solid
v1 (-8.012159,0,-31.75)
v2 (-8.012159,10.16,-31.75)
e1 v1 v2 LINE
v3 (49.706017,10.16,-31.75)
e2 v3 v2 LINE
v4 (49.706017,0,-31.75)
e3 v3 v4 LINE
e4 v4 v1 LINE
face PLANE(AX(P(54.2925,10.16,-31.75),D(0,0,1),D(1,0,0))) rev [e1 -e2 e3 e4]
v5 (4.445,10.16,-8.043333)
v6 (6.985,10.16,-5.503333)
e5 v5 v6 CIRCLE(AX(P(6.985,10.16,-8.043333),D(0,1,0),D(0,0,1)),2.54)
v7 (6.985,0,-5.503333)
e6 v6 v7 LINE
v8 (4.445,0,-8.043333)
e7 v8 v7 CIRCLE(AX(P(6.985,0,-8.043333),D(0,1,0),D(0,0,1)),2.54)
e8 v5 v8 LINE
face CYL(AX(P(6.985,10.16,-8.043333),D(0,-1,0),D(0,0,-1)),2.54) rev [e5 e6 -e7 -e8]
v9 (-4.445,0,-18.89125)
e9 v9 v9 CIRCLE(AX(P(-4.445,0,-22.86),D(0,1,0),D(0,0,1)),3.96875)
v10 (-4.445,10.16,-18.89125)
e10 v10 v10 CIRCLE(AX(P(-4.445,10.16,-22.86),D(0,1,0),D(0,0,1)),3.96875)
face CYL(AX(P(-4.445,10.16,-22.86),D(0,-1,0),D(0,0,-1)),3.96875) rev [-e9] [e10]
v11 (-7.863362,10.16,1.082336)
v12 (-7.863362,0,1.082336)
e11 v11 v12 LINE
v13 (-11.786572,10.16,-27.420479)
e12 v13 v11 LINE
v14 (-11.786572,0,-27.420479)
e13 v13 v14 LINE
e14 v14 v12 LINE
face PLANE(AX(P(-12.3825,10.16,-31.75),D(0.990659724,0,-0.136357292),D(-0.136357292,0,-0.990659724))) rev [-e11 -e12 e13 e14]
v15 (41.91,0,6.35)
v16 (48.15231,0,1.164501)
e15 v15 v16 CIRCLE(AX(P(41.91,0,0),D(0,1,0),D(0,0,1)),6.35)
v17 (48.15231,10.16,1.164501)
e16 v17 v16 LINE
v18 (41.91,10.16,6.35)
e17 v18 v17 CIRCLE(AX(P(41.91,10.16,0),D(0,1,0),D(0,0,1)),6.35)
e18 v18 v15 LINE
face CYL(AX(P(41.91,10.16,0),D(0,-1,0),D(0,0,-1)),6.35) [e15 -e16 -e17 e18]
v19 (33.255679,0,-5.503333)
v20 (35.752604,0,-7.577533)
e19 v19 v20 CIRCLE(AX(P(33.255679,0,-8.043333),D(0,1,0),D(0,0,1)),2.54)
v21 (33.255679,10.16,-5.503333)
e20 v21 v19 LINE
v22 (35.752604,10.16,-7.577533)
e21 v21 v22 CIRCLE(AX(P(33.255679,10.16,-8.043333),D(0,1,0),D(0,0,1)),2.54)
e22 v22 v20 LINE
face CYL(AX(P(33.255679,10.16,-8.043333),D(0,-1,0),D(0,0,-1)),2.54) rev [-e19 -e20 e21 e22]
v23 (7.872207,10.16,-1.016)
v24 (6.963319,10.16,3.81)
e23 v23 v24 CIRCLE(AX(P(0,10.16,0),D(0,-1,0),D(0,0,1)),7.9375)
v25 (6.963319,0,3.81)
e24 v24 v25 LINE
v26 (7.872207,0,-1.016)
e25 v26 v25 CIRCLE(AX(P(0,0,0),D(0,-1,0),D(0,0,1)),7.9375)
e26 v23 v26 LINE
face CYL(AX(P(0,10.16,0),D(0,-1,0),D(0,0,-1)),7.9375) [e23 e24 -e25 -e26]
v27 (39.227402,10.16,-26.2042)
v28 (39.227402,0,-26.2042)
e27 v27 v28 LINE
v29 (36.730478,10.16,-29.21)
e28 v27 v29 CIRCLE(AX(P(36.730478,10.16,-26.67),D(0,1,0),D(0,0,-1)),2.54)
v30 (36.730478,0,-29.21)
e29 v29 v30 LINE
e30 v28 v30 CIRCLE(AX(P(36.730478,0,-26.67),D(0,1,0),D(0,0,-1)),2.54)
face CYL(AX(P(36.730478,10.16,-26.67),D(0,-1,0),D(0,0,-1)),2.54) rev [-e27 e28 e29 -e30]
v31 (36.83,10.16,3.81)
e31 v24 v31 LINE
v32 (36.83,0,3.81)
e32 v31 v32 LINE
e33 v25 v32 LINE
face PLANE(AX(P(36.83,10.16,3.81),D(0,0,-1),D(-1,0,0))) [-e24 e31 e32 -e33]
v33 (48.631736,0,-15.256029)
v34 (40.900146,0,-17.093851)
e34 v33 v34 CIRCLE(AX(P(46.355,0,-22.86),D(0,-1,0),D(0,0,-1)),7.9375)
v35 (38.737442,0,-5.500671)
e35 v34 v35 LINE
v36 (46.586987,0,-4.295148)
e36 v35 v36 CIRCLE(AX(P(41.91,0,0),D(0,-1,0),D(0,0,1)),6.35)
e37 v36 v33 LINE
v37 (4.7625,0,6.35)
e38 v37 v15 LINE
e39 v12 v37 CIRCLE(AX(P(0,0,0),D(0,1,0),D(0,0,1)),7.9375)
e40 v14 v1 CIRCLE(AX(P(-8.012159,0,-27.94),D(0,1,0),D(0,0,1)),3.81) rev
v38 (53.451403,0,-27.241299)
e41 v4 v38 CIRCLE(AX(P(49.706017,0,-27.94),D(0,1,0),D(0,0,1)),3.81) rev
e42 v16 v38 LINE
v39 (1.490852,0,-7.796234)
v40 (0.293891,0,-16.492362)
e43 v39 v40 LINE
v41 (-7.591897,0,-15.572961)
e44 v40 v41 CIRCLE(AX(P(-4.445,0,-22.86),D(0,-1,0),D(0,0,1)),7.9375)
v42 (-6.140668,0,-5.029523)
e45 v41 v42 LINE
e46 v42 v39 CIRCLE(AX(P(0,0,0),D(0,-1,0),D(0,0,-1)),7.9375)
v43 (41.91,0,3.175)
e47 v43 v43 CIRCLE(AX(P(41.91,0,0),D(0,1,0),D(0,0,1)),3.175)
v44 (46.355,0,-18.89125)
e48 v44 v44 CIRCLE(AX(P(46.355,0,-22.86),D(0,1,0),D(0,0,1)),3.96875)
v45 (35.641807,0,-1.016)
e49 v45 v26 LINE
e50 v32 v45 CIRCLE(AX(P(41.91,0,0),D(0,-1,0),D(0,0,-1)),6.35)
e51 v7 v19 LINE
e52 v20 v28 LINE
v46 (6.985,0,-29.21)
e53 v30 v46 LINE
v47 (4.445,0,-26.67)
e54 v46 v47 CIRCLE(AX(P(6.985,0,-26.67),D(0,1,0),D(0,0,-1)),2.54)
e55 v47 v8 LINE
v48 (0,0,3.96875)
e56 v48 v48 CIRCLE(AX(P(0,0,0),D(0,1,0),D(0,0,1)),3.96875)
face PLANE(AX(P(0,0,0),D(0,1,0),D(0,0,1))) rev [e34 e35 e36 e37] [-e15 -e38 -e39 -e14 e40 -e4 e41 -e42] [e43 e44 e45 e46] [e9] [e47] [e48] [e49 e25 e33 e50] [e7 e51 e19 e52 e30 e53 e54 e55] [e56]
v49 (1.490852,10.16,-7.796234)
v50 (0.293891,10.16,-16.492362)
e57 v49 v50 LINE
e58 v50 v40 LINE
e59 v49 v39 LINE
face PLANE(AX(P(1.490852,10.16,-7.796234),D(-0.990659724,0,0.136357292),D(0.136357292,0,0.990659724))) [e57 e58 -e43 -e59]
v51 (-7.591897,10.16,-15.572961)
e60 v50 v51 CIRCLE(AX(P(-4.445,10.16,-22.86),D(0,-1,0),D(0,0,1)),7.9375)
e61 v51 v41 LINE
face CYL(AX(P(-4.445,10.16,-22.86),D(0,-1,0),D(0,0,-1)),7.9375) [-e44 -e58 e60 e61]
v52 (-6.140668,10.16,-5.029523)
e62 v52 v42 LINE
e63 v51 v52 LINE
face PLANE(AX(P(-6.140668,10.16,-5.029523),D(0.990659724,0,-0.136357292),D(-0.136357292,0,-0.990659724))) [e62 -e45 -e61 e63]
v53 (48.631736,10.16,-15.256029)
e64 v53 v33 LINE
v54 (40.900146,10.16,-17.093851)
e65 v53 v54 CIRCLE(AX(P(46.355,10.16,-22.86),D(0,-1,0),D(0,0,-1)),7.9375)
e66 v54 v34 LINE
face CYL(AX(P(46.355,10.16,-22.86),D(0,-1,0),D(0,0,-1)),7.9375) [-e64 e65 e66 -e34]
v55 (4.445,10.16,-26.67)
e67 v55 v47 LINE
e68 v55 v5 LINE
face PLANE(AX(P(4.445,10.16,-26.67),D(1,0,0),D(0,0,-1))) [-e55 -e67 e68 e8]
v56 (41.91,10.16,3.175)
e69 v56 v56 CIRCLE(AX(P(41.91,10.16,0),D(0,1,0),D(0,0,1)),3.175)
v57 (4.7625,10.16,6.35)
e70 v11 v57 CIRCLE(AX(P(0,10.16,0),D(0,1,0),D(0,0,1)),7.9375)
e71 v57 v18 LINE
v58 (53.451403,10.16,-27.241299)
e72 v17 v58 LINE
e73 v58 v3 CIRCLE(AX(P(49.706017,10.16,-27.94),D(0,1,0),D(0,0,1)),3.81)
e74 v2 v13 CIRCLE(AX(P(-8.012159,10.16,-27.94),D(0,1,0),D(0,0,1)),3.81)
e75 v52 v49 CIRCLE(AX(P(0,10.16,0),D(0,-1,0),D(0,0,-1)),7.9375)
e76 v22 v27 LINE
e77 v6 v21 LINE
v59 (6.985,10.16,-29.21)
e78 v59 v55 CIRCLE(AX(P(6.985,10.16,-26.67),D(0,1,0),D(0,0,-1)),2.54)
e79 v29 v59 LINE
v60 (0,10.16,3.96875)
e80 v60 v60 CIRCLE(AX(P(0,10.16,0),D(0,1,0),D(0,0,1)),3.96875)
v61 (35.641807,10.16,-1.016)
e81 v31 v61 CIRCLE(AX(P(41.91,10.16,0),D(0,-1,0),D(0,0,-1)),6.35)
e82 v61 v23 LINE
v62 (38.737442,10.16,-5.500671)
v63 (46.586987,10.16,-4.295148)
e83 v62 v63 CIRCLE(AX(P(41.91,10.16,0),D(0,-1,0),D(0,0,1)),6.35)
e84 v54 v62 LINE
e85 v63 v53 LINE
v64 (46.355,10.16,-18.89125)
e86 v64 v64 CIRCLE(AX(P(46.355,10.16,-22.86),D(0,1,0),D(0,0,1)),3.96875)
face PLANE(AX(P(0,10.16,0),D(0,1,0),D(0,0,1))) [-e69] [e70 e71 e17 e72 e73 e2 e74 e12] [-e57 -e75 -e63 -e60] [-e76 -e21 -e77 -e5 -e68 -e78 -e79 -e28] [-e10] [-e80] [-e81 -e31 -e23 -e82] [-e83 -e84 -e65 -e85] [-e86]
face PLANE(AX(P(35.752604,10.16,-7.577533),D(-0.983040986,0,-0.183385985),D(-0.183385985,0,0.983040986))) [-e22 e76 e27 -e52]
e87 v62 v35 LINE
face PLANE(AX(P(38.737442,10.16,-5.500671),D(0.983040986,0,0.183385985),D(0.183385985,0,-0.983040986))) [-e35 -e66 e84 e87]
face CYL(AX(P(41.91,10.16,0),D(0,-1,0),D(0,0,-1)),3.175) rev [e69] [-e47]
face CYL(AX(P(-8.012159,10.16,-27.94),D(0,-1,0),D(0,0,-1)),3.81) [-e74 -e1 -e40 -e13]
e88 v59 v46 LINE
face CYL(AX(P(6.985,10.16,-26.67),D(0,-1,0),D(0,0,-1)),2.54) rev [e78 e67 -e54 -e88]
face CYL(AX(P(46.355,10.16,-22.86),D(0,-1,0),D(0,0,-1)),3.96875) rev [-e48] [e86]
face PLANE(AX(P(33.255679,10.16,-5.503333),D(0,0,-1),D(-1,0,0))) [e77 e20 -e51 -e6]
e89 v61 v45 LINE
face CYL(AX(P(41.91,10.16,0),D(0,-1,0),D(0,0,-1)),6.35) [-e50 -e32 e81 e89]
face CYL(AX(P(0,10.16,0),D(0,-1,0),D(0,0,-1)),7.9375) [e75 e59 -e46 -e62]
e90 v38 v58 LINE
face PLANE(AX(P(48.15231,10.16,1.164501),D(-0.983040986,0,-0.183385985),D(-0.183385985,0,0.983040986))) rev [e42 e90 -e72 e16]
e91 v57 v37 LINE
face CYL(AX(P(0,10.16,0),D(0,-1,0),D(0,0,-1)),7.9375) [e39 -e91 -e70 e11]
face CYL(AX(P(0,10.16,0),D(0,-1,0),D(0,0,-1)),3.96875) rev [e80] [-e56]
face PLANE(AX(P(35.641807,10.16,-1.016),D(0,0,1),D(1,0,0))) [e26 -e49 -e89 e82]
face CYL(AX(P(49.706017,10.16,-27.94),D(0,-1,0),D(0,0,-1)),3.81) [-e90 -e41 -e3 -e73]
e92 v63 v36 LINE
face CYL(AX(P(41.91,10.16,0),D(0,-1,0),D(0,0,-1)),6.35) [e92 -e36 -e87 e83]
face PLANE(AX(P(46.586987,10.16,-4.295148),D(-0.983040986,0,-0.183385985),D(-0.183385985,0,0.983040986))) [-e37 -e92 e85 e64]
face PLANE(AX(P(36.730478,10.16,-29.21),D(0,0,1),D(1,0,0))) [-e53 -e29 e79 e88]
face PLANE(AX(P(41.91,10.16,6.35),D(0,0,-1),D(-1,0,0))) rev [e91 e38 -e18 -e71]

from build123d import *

# Parameters (mm, degrees)
SKETCH4_R           = 3.96875
SKETCH4_R_2         = 3.175
BOSS_EXTRUDE2_DEPTH = 10.16
FILLET1_R           = 3.81


with BuildPart() as part:
    # Sketch4 → Boss-Extrude2 (new body)
    with BuildSketch(Plane(origin=(0, 0, 0), x_dir=(1, 0, 0), z_dir=(0, 1, 0))):
        with BuildLine():
            Line((54.2925, 31.75), (-12.3825, 31.75))
            Line((-12.3825, 31.75), (-7.863361559, -1.082336008))
            ThreePointArc((-7.863361559, -1.082336008), (-3.056289676, -7.325503373), (4.7625, -6.35))
            Line((4.7625, -6.35), (41.91, -6.35))
            ThreePointArc((41.91, -6.35), (45.967580476, -4.884520517), (48.152310263, -1.164501002))
            Line((48.152310263, -1.164501002), (54.2925, 31.75))
        make_face()
        with Locations(Location((0, 0, 0), (0, 0, 270))):
            Circle(SKETCH4_R, mode=Mode.SUBTRACT)
        with Locations(Location((46.355, 22.86, 0), (0, 0, 270))):
            Circle(SKETCH4_R, mode=Mode.SUBTRACT)
        with Locations(Location((-4.445, 22.86, 0), (0, 0, 270))):
            Circle(SKETCH4_R, mode=Mode.SUBTRACT)
        with Locations(Location((41.91, 0, 0), (0, 0, 270))):
            Circle(SKETCH4_R_2, mode=Mode.SUBTRACT)
        with BuildLine():
            Line((36.730478204, 29.21), (6.985, 29.21))
            ThreePointArc((6.985, 29.21), (5.188948776, 28.466051224), (4.445, 26.67))
            Line((4.445, 26.67), (4.445, 8.043333333))
            ThreePointArc((4.445, 8.043333333), (5.188948776, 6.247282109), (6.985, 5.503333333))
            Line((6.985, 5.503333333), (33.255679437, 5.503333333))
            ThreePointArc((33.255679437, 5.503333333), (34.878711627, 6.089525126), (35.752603542, 7.577532932))
            Line((35.752603542, 7.577532932), (39.227402309, 26.204199599))
            ThreePointArc((39.227402309, 26.204199599), (38.684286411, 28.29303219), (36.730478204, 29.21))
        make_face(mode=Mode.SUBTRACT)
        with BuildLine():
            Line((46.58698696, 4.295147609), (48.631735848, 15.256028661))
            ThreePointArc((48.631735848, 15.256028661), (44.519378774, 15.137668683), (40.900146495, 17.093850549))
            Line((40.900146495, 17.093850549), (38.737442476, 5.500670755))
            ThreePointArc((38.737442476, 5.500670755), (42.873923491, 6.276412312), (46.58698696, 4.295147609))
        make_face(mode=Mode.SUBTRACT)
        with BuildLine():
            Line((36.83, -3.81), (6.963318623, -3.81))
            ThreePointArc((6.963318623, -3.81), (7.800370345, -1.469057088), (7.872207457, 1.016))
            Line((7.872207457, 1.016), (35.641806959, 1.016))
            ThreePointArc((35.641806959, 1.016), (35.744131016, -1.518077625), (36.83, -3.81))
        make_face(mode=Mode.SUBTRACT)
        with BuildLine():
            Line((-6.14066773, 5.029523445), (-7.591897143, 15.572960504))
            ThreePointArc((-7.591897143, 15.572960504), (-3.525796009, 14.975903966), (0.293891225, 16.492361803))
            Line((0.293891225, 16.492361803), (1.490851578, 7.796234208))
            ThreePointArc((1.490851578, 7.796234208), (-2.705340953, 7.462240721), (-6.14066773, 5.029523445))
        make_face(mode=Mode.SUBTRACT)
    extrude(amount=BOSS_EXTRUDE2_DEPTH)

    # Fillet1
    fillet1_edges = [part.edges().sort_by_distance(p)[0] for p in [
        (-12.3825, 5.08, -31.75),
        (54.2925, 5.08, -31.75),
    ]]
    fillet(fillet1_edges, radius=FILLET1_R)


solid = part.part
